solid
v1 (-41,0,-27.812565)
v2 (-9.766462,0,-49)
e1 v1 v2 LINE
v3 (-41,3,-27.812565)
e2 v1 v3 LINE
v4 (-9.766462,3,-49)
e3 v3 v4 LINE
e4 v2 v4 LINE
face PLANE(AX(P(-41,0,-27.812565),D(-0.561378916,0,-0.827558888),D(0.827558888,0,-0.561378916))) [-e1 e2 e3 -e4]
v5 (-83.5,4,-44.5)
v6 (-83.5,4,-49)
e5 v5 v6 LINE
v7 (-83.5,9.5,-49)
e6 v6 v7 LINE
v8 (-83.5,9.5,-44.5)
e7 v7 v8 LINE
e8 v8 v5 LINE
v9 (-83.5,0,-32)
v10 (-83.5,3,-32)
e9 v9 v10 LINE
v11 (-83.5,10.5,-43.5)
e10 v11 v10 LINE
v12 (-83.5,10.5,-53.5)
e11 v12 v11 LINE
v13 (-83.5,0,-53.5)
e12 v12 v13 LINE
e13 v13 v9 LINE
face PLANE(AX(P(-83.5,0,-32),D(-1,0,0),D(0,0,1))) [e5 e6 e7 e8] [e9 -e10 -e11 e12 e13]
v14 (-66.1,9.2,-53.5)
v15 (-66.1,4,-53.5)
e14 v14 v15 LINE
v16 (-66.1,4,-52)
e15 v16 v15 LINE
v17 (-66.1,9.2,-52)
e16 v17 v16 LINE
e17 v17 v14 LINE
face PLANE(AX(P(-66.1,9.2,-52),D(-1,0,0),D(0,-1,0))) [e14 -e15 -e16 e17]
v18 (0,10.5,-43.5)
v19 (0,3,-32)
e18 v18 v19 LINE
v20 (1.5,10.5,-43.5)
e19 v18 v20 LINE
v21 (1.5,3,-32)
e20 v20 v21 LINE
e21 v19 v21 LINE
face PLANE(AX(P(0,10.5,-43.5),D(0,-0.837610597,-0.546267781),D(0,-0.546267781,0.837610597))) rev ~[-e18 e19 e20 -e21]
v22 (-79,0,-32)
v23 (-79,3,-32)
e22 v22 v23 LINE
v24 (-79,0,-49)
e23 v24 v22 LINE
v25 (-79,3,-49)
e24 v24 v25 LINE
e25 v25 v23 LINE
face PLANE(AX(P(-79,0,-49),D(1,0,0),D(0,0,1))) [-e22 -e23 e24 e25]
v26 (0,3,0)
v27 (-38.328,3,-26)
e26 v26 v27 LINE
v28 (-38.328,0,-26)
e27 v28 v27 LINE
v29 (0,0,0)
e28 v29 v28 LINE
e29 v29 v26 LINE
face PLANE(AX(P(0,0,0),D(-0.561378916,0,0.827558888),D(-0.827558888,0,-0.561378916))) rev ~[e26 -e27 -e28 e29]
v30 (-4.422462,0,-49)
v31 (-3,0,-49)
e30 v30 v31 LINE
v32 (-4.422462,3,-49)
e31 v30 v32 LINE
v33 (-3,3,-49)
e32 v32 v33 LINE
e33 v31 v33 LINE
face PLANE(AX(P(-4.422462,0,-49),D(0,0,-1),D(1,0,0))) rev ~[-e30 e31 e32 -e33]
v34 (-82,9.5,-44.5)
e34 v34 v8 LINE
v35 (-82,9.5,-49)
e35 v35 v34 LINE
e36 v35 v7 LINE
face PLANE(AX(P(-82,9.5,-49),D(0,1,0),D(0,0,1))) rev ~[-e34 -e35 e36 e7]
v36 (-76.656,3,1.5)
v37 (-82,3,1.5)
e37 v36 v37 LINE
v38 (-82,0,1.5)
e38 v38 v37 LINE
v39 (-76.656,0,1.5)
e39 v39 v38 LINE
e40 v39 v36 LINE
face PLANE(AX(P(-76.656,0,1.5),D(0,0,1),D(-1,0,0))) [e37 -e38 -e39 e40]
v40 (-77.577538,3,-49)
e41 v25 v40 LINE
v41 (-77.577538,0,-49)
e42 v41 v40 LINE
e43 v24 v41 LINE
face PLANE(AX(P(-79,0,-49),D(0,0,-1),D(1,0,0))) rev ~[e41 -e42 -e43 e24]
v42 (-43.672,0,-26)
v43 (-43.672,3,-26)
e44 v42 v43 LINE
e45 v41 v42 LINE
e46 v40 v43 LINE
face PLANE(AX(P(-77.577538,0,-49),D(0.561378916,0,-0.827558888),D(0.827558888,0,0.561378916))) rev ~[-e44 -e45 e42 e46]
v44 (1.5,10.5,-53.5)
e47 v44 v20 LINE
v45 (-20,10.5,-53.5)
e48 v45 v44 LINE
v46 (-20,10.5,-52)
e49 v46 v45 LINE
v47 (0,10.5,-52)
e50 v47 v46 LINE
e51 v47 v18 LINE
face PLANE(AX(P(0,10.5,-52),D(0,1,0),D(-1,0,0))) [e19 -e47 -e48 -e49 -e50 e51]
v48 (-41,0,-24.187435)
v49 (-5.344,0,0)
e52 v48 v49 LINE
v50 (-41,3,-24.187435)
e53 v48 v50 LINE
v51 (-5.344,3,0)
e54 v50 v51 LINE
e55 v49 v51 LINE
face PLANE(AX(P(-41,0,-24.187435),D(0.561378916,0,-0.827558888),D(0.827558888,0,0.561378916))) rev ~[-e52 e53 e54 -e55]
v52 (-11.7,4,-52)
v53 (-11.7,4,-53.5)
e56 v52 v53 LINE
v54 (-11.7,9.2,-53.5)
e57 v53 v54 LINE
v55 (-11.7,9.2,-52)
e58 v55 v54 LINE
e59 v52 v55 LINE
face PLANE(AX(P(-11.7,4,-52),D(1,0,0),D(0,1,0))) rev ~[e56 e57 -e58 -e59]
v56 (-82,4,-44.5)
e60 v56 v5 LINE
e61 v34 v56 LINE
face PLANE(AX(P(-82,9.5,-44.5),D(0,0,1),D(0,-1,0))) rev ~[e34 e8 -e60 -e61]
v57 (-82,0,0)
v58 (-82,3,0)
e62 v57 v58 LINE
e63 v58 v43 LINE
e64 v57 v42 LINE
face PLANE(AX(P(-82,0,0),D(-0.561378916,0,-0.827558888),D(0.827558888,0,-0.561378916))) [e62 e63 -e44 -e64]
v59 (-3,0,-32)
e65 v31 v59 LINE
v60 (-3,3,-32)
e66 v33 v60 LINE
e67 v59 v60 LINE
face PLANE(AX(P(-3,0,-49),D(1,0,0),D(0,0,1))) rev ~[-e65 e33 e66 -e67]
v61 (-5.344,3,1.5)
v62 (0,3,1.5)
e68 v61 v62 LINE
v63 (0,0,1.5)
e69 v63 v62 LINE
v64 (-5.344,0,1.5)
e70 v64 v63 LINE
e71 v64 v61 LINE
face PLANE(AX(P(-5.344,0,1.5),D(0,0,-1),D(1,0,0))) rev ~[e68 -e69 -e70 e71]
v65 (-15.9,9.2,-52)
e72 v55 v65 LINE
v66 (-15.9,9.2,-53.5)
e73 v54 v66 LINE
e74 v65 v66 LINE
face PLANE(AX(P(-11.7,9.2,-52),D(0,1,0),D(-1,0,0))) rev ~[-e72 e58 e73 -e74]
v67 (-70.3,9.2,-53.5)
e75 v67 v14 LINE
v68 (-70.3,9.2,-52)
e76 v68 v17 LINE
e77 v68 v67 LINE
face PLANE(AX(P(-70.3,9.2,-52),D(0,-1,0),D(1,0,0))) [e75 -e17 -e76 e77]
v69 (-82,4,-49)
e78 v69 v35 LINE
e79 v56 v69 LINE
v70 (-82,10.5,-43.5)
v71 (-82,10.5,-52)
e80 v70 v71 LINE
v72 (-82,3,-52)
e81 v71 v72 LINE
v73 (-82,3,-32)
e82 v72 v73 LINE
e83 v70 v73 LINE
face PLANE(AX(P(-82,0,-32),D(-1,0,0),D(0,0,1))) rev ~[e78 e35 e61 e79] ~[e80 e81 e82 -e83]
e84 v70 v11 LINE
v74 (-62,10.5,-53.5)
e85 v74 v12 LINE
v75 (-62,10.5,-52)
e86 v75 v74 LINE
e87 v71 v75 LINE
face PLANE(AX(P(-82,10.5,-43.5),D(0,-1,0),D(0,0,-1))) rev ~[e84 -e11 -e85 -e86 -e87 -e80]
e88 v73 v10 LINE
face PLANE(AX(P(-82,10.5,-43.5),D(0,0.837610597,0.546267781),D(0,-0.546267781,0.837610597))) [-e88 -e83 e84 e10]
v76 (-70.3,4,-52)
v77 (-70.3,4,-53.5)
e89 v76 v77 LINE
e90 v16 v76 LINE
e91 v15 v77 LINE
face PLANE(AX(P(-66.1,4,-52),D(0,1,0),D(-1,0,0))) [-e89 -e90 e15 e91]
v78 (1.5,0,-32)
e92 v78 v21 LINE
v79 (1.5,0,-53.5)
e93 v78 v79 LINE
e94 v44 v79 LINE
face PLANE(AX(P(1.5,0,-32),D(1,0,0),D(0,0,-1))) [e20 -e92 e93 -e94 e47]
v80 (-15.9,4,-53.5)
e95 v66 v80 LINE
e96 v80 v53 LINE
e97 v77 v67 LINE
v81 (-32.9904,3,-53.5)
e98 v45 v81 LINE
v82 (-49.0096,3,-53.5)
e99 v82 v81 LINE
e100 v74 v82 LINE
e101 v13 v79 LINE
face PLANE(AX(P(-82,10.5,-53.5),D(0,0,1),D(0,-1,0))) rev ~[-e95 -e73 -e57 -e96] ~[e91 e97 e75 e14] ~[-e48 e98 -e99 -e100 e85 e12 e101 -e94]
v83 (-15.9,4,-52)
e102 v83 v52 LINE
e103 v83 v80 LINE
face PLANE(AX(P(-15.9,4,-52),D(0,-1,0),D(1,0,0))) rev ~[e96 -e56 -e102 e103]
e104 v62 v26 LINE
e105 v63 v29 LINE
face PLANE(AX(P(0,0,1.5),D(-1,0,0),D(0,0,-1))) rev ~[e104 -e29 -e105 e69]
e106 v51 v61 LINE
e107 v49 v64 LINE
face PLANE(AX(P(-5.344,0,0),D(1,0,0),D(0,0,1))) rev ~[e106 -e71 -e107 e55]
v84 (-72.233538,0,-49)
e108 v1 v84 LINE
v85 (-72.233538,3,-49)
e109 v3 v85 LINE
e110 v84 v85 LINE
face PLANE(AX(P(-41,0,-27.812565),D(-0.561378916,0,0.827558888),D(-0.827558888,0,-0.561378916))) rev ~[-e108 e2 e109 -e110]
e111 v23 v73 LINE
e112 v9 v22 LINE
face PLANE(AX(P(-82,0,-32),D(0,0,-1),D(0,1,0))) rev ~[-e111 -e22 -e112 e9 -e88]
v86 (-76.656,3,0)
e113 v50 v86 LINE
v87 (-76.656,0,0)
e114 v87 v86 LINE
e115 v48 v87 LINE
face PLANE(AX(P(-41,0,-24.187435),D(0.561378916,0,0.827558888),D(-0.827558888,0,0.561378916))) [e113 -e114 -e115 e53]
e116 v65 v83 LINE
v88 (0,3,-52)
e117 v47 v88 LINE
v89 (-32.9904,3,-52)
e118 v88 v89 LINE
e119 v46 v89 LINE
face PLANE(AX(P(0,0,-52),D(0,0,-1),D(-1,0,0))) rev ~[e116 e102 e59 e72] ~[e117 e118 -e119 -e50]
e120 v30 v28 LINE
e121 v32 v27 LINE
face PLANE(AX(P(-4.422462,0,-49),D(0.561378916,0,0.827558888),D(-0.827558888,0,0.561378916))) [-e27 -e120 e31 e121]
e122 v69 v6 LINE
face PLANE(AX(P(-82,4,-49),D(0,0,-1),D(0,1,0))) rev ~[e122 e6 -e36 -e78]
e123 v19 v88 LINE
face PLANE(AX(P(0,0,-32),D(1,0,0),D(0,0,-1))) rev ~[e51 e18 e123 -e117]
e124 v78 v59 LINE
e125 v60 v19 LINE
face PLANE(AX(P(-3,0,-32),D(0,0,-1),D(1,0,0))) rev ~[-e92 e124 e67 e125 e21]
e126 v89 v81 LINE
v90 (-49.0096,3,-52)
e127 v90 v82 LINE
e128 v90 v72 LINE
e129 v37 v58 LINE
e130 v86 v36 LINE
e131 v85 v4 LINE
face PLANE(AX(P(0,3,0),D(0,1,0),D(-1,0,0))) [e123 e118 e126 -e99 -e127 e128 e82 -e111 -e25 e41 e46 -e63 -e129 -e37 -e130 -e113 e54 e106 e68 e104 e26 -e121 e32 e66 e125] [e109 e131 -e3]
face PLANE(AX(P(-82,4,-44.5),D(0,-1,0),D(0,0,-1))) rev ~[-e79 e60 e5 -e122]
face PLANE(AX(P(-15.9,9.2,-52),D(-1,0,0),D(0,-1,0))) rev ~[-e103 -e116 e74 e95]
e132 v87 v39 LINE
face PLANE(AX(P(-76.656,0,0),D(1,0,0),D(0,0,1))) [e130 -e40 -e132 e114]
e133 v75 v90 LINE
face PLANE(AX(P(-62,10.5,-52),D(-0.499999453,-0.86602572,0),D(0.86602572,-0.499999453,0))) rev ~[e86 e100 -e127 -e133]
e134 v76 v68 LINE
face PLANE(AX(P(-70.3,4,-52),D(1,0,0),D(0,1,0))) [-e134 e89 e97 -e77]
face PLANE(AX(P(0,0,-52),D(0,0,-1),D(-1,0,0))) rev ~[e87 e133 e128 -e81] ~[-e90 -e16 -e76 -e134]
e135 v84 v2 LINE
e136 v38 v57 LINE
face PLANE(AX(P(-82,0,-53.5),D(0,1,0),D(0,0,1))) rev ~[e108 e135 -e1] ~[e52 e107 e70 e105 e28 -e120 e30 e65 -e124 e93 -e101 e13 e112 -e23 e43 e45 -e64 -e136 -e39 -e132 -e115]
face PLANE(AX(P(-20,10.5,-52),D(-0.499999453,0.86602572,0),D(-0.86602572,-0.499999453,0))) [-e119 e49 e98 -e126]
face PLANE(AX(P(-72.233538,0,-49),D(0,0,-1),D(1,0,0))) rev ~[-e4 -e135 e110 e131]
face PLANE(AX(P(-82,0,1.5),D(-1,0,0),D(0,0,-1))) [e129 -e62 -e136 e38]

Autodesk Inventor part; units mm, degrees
ref_plane "YZ Plane" through (0, 0, 0) normal (1, 0, 0) x (0, 1, 0)
ref_plane "XZ Plane" through (0, 0, 0) normal (0, 1, 0) x (-1, 0, 0)
ref_plane "XY Plane" through (0, 0, 0) normal (0, 0, 1) x (1, 0, 0)
sketch "Sketch1" plane through (0, 0, 0) normal (0, 1, 0) x (-1, 0, 0)
  line L0 (82, 0) -> (82, -52)
  line L1 (82, -52) -> (0, -52)
  line L2 (0, -52) -> (0, 0)
  line L3 (82, 0) -> (0, 0)
  line L4 (0, 0) -> (76.656, -52)
  line L5 (82, -52) -> (5.344, 0)
  line L6 (82, -26) -> (0, -26) construction
  line L7 (0, -52) -> (76.656, 0)
  line L8 (82, 0) -> (5.344, -52)
  line L9 (41, -52) -> (41, 0) construction
  line L10 (82, -49) -> (0, -49)
  line L11 (3, -52) -> (3, -32)
  line L12 (3, -32) -> (0, -32)
  line L13 (79, -52) -> (79, -32)
  line L14 (79, -32) -> (82, -32)
  line L15 (76.656, 0) -> (76.656, 1.5)
  line L16 (76.656, 1.5) -> (82, 1.5)
  line L17 (82, 1.5) -> (82, 0)
  line L18 (5.344, 0) -> (5.344, 1.5)
  line L19 (5.344, 1.5) -> (0, 1.5)
  line L20 (0, 1.5) -> (0, 0)
  point P0 (43.672, -26)
  point P1 (41, -24.1874)
  point P2 (38.328, -26)
  point P3 (4.4225, -49)
  point P4 (0, -49)
  point P5 (77.5775, -49)
  point P6 (41, -27.8126)
  point P7 (72.2336, -49)
  point P8 (9.7664, -49)
  point P9 (79, -49)
  point P10 (3, -49)
  dimension "d5" = 82
  dimension "d6" = 52
  dimension "d7" = 3
  dimension "d9" = 3
  dimension "d12" = 20
  dimension "d13" = 3
  dimension "d14" = 20
  dimension "d15" = 3
  dimension "d35" = 1.5
extrude "Extrusion1" add sketch "Sketch1" along normal blind 3 contours L8 L5 L7 L3 | L3 L15 L16 L17 | L0 L10 L13 L14 | L8 L4 L7 L5 | L5 L10 L4 L8 | L0 L5 L13 L10 | L5 L7 L4 L3 | L3 L20 L19 L18 | L10 L13 L5 | L5 L13 L1 L4 L10 | L8 L10 L7 L4 | L1 L13 L5 | L4 L1 L8 L10 | L8 L1 L11 L7 L10 | L12 L11 L10 L2 | L7 L11 L10 | L10 L11 L7 L2 | L11 L1 L7
sketch "Sketch2" plane through (0, 0, -52) normal (0, 0, -1) x (-1, 0, 0)
  line L0 (0, 3) -> (38.328, 3) projected
  line L1 (82, 0) -> (76.656, 0) projected
  line L2 (0, 3) -> (82, 3)
  line L3 (82, 3) -> (82, 0)
  line L4 (82, 0) -> (0, 0)
  line L5 (0, 0) -> (0, 3)
  line L6 (0, 3) -> (0, 10.5)
  line L7 (0, 10.5) -> (20, 10.5)
  line L8 (20, 10.5) -> (32.9904, 3)
  line L9 (11.7, 9.2) -> (15.9, 9.2)
  line L10 (15.9, 9.2) -> (15.9, 4)
  line L11 (15.9, 4) -> (11.7, 4)
  line L12 (11.7, 4) -> (11.7, 9.2)
  line L13 (41, 0) -> (41, 19.2831) construction
  line L14 (32.9904, 3) -> (41, 3) construction
  line L15 (82, 3) -> (43.672, 3)
  line L16 (82, 3) -> (0, 3)
  line L17 (82, 0) -> (82, 3)
  line L18 (82, 3) -> (82, 10.5)
  line L19 (82, 10.5) -> (62, 10.5)
  line L20 (62, 10.5) -> (49.0096, 3)
  line L21 (70.3, 9.2) -> (66.1, 9.2)
  line L22 (66.1, 9.2) -> (66.1, 4)
  line L23 (66.1, 4) -> (70.3, 4)
  line L24 (70.3, 4) -> (70.3, 9.2)
  line L25 (49.0096, 3) -> (41, 3) construction
  point P0 (11.7, 6.6)
  point P1 (13.8, 4)
  point P2 (13.8, 9.2)
  point P3 (70.3, 6.6)
  point P4 (68.2, 4)
  point P5 (68.2, 9.2)
  point P6 (38.328, 3)
  dimension "d16" = 20
  dimension "d17" = 7.5
  dimension "d18" = 15
  dimension "d19" = 11.7
  dimension "d20" = 4.2
  dimension "d21" = 5.2
  dimension "d22" = 4
extrude "Extrusion2" add sketch "Sketch2" along normal blind 1.5
sketch "Sketch3" plane through (0, 0, -32) normal (1, 0, 0) x (0, 0, -1)
  line L0 (21.5, 0) -> (21.5, 10.5) projected
  line L1 (21.5, 10.5) -> (11.5, 10.5)
  line L2 (0, 0) -> (21.5, 0) projected
  line L3 (0, 0) -> (0, 3) projected
  line L4 (21.5, 0) -> (0, 0)
  line L5 (0, 0) -> (0, 3)
  line L6 (0, 3) -> (21.5, 3)
  line L7 (21.5, 3) -> (21.5, 0)
  line L8 (11.5, 10.5) -> (0, 3)
  point P0 (-32, 0)
  dimension "d25" = 10
extrude "Extrusion3" add sketch "Sketch3" along normal blind 1.5
sketch "Sketch4" plane through (-82, 0, -32) normal (-1, 0, 0) x (0, 0, 1)
  line L0 (-11.5, 10.5) -> (0, 3) projected
  line L1 (0, 3) -> (-11.5, 10.5)
  line L2 (-20, 10.5) -> (-21.5, 10.5) projected
  line L3 (-11.5, 10.5) -> (-21.5, 10.5)
  line L4 (-21.5, 10.5) -> (-21.5, 0)
  line L5 (-21.5, 0) -> (0, 0)
  line L6 (0, 0) -> (0, 3)
  line L7 (-17, 9.5) -> (-12.5, 9.5)
  line L8 (-12.5, 9.5) -> (-12.5, 4)
  line L9 (-12.5, 4) -> (-17, 4)
  line L10 (-17, 4) -> (-17, 9.5)
  point P0 (32, 0)
  point P1 (-21.5, 5.25)
  point P2 (-20, 10.5)
  dimension "d28" = 4.5
  dimension "d29" = 4.5
  dimension "d30" = 4
  dimension "d31" = 5.5
  dimension "d32" = 1
extrude "Extrusion4" add sketch "Sketch4" along normal blind 1.5
